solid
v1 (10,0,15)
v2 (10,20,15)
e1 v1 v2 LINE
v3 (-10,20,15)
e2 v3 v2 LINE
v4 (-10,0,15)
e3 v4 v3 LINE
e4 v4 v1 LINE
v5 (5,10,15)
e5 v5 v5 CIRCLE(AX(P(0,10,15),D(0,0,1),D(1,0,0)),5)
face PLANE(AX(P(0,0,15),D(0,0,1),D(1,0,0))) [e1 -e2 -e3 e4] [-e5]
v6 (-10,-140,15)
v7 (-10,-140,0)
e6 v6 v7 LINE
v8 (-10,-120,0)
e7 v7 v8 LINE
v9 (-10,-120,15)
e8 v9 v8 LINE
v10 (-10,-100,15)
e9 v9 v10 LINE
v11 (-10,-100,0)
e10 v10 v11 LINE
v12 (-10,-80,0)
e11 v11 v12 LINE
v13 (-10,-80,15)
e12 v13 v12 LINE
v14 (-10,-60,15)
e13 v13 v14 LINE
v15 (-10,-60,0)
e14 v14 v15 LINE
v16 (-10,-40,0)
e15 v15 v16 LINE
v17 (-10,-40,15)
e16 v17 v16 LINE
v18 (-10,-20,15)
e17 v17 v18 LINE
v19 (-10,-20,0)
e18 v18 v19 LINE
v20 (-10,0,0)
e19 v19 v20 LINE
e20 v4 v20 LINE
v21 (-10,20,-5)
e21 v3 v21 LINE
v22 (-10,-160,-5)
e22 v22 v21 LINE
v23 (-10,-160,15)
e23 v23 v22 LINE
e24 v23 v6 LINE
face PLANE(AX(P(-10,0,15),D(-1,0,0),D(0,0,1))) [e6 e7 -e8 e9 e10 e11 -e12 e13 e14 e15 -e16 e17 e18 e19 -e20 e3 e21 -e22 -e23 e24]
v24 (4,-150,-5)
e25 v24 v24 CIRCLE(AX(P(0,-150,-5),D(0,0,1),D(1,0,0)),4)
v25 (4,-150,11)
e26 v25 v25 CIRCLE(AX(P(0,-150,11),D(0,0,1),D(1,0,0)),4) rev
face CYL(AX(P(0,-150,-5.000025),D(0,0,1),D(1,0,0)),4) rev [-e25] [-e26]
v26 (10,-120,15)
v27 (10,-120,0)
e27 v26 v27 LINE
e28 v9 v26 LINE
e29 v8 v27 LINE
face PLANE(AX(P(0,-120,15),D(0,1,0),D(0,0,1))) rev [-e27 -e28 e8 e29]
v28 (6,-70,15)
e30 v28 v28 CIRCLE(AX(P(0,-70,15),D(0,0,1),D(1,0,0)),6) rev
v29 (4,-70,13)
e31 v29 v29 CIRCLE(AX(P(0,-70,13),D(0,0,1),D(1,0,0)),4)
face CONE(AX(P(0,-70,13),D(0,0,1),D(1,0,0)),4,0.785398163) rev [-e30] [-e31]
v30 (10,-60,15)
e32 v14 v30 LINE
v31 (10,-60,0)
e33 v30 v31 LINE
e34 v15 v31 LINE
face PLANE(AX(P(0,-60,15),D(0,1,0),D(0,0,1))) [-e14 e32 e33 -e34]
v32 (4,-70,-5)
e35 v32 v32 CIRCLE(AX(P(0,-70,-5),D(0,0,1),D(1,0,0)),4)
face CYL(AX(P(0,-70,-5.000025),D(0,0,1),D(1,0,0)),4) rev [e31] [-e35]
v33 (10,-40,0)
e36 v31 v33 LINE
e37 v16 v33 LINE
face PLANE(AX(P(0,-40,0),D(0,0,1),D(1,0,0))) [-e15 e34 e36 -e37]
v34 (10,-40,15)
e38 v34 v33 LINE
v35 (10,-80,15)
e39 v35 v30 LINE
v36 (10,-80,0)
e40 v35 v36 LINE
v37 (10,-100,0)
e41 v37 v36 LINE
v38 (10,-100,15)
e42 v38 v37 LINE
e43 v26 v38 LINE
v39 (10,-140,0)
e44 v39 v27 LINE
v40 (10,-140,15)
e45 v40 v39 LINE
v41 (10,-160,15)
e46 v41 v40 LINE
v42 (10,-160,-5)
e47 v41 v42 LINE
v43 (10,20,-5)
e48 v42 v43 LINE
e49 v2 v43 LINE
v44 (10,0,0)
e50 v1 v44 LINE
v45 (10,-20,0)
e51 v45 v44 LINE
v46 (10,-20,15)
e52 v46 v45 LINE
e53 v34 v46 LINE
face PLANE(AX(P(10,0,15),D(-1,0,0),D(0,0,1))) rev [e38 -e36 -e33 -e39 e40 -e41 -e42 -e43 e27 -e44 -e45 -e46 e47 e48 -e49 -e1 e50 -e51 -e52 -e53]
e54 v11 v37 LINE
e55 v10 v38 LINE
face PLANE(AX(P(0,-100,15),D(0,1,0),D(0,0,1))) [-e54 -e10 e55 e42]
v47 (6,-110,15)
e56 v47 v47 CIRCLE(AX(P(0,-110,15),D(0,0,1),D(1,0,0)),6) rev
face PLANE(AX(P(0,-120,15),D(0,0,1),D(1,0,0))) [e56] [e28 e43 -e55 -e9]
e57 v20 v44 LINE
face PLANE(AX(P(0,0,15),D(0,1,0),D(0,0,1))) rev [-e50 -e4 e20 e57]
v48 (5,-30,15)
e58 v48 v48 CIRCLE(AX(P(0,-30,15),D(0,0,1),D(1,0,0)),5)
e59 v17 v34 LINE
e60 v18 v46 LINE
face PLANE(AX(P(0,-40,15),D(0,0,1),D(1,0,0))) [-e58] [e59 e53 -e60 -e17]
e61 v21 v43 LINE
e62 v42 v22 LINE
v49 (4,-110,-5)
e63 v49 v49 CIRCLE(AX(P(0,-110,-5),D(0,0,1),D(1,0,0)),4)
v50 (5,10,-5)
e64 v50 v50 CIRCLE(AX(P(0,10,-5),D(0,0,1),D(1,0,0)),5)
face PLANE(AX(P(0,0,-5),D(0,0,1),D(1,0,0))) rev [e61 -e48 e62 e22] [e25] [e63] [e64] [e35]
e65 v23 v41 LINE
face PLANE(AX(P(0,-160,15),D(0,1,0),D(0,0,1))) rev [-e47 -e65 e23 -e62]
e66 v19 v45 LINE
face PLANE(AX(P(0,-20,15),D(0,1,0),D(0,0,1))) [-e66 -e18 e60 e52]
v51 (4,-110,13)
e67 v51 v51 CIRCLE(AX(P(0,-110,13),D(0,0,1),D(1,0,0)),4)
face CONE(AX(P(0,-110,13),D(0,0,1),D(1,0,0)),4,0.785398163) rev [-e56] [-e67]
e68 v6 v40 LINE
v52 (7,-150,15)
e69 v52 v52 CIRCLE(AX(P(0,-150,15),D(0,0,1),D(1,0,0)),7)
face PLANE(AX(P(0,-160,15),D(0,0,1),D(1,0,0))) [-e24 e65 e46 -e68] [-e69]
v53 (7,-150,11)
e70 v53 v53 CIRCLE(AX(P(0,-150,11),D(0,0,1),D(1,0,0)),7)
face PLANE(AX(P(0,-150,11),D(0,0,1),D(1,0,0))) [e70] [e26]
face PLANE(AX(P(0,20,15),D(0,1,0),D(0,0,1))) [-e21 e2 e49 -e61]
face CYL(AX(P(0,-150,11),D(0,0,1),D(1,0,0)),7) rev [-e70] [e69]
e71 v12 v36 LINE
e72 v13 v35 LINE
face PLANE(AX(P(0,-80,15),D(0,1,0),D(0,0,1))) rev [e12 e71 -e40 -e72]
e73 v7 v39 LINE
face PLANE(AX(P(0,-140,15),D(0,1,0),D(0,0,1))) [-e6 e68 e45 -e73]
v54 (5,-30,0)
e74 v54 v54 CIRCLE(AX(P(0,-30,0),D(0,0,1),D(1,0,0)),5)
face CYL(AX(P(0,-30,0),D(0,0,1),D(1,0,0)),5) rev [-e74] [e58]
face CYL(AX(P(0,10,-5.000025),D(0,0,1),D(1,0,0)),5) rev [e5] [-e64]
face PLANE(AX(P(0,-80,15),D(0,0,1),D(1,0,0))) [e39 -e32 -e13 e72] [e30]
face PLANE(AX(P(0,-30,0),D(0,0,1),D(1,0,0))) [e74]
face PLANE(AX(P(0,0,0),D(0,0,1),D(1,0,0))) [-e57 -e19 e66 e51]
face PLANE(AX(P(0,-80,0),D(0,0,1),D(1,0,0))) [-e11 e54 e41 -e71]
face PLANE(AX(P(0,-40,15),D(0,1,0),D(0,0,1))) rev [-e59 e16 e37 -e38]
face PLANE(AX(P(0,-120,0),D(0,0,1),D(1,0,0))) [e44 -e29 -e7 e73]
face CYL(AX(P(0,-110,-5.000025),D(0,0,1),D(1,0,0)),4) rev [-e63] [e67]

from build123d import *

# Parameters (mm, degrees)
SKETCH_1_W               = 20
SKETCH_1_H               = 20
EXTRUDE_1_DEPTH          = 15
SKETCH_1_5_W             = 20
SKETCH_1_5_H             = 40
EXTRUDE_2_DEPTH          = 5
PATTERN_LINEAR_1_COUNT   = 5
PATTERN_LINEAR_1_PITCH   = 40
CUT_EXTRUDE_1_DEPTH      = 181.900525151
CUT_EXTRUDE_1_DEPTH_BACK = 181.900525151
SKETCH_2_W               = 20
SKETCH_2_H               = 20
SKETCH_3_R               = 5
CUT_EXTRUDE_2_DEPTH      = 162.554944214
SKETCH_4_R               = 5
CUT_EXTRUDE_3_DEPTH      = 15
SKETCH_5_R               = 4
CUT_EXTRUDE_4_DEPTH      = 162.554944214
CHAMFER_1_SIZE           = 2
CHAMFER_2_SIZE           = 2
SKETCH_6_R               = 7
CUT_EXTRUDE_5_DEPTH      = 4


with BuildPart() as part:
    # Эскиз1 → Бобышка-Вытянуть1 (new body)
    with BuildSketch(Plane.XY):
        with Locations((0, 10)):
            Rectangle(SKETCH_1_W, SKETCH_1_H)
    extrude(amount=EXTRUDE_1_DEPTH)

    # Эскиз1<5> → Бобышка-Вытянуть2 (add)
    with BuildSketch(Plane.XY):
        Rectangle(SKETCH_1_5_W, SKETCH_1_5_H)
    extrude(amount=-EXTRUDE_2_DEPTH)


with BuildPart() as pattern_linear_1_1:
    # Линейный массив1: pattern copy
    add(part.part.moved(Location(Vector(0, -1, 0) * (1 * PATTERN_LINEAR_1_PITCH))))

    # Эскиз4 → Вырез-Вытянуть3 (cut)
    with BuildSketch(Plane.XY.offset(15)):
        with Locations((0, -30)):
            Circle(SKETCH_4_R)
    extrude(amount=-CUT_EXTRUDE_3_DEPTH, mode=Mode.SUBTRACT)


with BuildPart() as pattern_linear_1_2:
    # Линейный массив1: pattern copy
    add(part.part.moved(Location(Vector(0, -1, 0) * (2 * PATTERN_LINEAR_1_PITCH))))


with BuildPart() as pattern_linear_1_3:
    # Линейный массив1: pattern copy
    add(part.part.moved(Location(Vector(0, -1, 0) * (3 * PATTERN_LINEAR_1_PITCH))))


with BuildPart() as pattern_linear_1_4:
    # Линейный массив1: pattern copy
    add(part.part.moved(Location(Vector(0, -1, 0) * (4 * PATTERN_LINEAR_1_PITCH))))

    # Эскиз2 → Вырез-Вытянуть1 (cut, two sides: drawn at the far end of the back side and taken through both)
    with BuildSketch(Plane.XY.offset(-CUT_EXTRUDE_1_DEPTH_BACK)):
        with Locations((0, -170)):
            Rectangle(SKETCH_2_W, SKETCH_2_H)
    extrude(amount=CUT_EXTRUDE_1_DEPTH + CUT_EXTRUDE_1_DEPTH_BACK, mode=Mode.SUBTRACT)


with BuildPart() as part_1:
    add(part.part)

    # Эскиз3 → Вырез-Вытянуть2 (cut, through all)
    with BuildSketch(Plane.XY.offset(15)):
        with Locations((0, 10)):
            Circle(SKETCH_3_R)
    extrude(amount=-CUT_EXTRUDE_2_DEPTH, mode=Mode.SUBTRACT)


with BuildPart() as cut_extrude_4_tool:
    # Эскиз5 → Вырез-Вытянуть4 (new, through all)
    with BuildSketch(Plane.XY.offset(15)):
        with Locations((0, -70)):
            Circle(SKETCH_5_R)
        with Locations((0, -110)):
            Circle(SKETCH_5_R)
        with Locations((0, -150)):
            Circle(SKETCH_5_R)
    extrude(amount=-CUT_EXTRUDE_4_DEPTH)


with BuildPart() as pattern_linear_1_2_1:
    add(pattern_linear_1_2.part)

    # Вырез-Вытянуть4: cut by cut_extrude_4_tool
    add(cut_extrude_4_tool.part, mode=Mode.SUBTRACT)

    # Фаска1
    chamfer_1_edges = [pattern_linear_1_2_1.edges().sort_by_distance(p)[0] for p in [
        (-4, -70, 15),
    ]]
    chamfer(chamfer_1_edges, length=CHAMFER_1_SIZE)


with BuildPart() as pattern_linear_1_3_1:
    add(pattern_linear_1_3.part)

    # Вырез-Вытянуть4: cut by cut_extrude_4_tool
    add(cut_extrude_4_tool.part, mode=Mode.SUBTRACT)

    # Фаска2
    chamfer_2_edges = [pattern_linear_1_3_1.edges().sort_by_distance(p)[0] for p in [
        (-4, -110, 15),
    ]]
    chamfer(chamfer_2_edges, length=CHAMFER_2_SIZE)


with BuildPart() as pattern_linear_1_4_1:
    add(pattern_linear_1_4.part)

    # Вырез-Вытянуть4: cut by cut_extrude_4_tool
    add(cut_extrude_4_tool.part, mode=Mode.SUBTRACT)

    # Эскиз6 → Вырез-Вытянуть5 (cut)
    with BuildSketch(Plane.XY.offset(15)):
        with Locations((0, -150)):
            Circle(SKETCH_6_R)
    extrude(amount=-CUT_EXTRUDE_5_DEPTH, mode=Mode.SUBTRACT)


with BuildPart() as part_2:
    add(part_1.part)

    # Combine 1: union Линейный массив1_1, Линейный массив1_2, Линейный массив1_3, Линейный массив1_4
    add(pattern_linear_1_1.part)
    add(pattern_linear_1_2_1.part)
    add(pattern_linear_1_3_1.part)
    add(pattern_linear_1_4_1.part)


solid = part_2.part
